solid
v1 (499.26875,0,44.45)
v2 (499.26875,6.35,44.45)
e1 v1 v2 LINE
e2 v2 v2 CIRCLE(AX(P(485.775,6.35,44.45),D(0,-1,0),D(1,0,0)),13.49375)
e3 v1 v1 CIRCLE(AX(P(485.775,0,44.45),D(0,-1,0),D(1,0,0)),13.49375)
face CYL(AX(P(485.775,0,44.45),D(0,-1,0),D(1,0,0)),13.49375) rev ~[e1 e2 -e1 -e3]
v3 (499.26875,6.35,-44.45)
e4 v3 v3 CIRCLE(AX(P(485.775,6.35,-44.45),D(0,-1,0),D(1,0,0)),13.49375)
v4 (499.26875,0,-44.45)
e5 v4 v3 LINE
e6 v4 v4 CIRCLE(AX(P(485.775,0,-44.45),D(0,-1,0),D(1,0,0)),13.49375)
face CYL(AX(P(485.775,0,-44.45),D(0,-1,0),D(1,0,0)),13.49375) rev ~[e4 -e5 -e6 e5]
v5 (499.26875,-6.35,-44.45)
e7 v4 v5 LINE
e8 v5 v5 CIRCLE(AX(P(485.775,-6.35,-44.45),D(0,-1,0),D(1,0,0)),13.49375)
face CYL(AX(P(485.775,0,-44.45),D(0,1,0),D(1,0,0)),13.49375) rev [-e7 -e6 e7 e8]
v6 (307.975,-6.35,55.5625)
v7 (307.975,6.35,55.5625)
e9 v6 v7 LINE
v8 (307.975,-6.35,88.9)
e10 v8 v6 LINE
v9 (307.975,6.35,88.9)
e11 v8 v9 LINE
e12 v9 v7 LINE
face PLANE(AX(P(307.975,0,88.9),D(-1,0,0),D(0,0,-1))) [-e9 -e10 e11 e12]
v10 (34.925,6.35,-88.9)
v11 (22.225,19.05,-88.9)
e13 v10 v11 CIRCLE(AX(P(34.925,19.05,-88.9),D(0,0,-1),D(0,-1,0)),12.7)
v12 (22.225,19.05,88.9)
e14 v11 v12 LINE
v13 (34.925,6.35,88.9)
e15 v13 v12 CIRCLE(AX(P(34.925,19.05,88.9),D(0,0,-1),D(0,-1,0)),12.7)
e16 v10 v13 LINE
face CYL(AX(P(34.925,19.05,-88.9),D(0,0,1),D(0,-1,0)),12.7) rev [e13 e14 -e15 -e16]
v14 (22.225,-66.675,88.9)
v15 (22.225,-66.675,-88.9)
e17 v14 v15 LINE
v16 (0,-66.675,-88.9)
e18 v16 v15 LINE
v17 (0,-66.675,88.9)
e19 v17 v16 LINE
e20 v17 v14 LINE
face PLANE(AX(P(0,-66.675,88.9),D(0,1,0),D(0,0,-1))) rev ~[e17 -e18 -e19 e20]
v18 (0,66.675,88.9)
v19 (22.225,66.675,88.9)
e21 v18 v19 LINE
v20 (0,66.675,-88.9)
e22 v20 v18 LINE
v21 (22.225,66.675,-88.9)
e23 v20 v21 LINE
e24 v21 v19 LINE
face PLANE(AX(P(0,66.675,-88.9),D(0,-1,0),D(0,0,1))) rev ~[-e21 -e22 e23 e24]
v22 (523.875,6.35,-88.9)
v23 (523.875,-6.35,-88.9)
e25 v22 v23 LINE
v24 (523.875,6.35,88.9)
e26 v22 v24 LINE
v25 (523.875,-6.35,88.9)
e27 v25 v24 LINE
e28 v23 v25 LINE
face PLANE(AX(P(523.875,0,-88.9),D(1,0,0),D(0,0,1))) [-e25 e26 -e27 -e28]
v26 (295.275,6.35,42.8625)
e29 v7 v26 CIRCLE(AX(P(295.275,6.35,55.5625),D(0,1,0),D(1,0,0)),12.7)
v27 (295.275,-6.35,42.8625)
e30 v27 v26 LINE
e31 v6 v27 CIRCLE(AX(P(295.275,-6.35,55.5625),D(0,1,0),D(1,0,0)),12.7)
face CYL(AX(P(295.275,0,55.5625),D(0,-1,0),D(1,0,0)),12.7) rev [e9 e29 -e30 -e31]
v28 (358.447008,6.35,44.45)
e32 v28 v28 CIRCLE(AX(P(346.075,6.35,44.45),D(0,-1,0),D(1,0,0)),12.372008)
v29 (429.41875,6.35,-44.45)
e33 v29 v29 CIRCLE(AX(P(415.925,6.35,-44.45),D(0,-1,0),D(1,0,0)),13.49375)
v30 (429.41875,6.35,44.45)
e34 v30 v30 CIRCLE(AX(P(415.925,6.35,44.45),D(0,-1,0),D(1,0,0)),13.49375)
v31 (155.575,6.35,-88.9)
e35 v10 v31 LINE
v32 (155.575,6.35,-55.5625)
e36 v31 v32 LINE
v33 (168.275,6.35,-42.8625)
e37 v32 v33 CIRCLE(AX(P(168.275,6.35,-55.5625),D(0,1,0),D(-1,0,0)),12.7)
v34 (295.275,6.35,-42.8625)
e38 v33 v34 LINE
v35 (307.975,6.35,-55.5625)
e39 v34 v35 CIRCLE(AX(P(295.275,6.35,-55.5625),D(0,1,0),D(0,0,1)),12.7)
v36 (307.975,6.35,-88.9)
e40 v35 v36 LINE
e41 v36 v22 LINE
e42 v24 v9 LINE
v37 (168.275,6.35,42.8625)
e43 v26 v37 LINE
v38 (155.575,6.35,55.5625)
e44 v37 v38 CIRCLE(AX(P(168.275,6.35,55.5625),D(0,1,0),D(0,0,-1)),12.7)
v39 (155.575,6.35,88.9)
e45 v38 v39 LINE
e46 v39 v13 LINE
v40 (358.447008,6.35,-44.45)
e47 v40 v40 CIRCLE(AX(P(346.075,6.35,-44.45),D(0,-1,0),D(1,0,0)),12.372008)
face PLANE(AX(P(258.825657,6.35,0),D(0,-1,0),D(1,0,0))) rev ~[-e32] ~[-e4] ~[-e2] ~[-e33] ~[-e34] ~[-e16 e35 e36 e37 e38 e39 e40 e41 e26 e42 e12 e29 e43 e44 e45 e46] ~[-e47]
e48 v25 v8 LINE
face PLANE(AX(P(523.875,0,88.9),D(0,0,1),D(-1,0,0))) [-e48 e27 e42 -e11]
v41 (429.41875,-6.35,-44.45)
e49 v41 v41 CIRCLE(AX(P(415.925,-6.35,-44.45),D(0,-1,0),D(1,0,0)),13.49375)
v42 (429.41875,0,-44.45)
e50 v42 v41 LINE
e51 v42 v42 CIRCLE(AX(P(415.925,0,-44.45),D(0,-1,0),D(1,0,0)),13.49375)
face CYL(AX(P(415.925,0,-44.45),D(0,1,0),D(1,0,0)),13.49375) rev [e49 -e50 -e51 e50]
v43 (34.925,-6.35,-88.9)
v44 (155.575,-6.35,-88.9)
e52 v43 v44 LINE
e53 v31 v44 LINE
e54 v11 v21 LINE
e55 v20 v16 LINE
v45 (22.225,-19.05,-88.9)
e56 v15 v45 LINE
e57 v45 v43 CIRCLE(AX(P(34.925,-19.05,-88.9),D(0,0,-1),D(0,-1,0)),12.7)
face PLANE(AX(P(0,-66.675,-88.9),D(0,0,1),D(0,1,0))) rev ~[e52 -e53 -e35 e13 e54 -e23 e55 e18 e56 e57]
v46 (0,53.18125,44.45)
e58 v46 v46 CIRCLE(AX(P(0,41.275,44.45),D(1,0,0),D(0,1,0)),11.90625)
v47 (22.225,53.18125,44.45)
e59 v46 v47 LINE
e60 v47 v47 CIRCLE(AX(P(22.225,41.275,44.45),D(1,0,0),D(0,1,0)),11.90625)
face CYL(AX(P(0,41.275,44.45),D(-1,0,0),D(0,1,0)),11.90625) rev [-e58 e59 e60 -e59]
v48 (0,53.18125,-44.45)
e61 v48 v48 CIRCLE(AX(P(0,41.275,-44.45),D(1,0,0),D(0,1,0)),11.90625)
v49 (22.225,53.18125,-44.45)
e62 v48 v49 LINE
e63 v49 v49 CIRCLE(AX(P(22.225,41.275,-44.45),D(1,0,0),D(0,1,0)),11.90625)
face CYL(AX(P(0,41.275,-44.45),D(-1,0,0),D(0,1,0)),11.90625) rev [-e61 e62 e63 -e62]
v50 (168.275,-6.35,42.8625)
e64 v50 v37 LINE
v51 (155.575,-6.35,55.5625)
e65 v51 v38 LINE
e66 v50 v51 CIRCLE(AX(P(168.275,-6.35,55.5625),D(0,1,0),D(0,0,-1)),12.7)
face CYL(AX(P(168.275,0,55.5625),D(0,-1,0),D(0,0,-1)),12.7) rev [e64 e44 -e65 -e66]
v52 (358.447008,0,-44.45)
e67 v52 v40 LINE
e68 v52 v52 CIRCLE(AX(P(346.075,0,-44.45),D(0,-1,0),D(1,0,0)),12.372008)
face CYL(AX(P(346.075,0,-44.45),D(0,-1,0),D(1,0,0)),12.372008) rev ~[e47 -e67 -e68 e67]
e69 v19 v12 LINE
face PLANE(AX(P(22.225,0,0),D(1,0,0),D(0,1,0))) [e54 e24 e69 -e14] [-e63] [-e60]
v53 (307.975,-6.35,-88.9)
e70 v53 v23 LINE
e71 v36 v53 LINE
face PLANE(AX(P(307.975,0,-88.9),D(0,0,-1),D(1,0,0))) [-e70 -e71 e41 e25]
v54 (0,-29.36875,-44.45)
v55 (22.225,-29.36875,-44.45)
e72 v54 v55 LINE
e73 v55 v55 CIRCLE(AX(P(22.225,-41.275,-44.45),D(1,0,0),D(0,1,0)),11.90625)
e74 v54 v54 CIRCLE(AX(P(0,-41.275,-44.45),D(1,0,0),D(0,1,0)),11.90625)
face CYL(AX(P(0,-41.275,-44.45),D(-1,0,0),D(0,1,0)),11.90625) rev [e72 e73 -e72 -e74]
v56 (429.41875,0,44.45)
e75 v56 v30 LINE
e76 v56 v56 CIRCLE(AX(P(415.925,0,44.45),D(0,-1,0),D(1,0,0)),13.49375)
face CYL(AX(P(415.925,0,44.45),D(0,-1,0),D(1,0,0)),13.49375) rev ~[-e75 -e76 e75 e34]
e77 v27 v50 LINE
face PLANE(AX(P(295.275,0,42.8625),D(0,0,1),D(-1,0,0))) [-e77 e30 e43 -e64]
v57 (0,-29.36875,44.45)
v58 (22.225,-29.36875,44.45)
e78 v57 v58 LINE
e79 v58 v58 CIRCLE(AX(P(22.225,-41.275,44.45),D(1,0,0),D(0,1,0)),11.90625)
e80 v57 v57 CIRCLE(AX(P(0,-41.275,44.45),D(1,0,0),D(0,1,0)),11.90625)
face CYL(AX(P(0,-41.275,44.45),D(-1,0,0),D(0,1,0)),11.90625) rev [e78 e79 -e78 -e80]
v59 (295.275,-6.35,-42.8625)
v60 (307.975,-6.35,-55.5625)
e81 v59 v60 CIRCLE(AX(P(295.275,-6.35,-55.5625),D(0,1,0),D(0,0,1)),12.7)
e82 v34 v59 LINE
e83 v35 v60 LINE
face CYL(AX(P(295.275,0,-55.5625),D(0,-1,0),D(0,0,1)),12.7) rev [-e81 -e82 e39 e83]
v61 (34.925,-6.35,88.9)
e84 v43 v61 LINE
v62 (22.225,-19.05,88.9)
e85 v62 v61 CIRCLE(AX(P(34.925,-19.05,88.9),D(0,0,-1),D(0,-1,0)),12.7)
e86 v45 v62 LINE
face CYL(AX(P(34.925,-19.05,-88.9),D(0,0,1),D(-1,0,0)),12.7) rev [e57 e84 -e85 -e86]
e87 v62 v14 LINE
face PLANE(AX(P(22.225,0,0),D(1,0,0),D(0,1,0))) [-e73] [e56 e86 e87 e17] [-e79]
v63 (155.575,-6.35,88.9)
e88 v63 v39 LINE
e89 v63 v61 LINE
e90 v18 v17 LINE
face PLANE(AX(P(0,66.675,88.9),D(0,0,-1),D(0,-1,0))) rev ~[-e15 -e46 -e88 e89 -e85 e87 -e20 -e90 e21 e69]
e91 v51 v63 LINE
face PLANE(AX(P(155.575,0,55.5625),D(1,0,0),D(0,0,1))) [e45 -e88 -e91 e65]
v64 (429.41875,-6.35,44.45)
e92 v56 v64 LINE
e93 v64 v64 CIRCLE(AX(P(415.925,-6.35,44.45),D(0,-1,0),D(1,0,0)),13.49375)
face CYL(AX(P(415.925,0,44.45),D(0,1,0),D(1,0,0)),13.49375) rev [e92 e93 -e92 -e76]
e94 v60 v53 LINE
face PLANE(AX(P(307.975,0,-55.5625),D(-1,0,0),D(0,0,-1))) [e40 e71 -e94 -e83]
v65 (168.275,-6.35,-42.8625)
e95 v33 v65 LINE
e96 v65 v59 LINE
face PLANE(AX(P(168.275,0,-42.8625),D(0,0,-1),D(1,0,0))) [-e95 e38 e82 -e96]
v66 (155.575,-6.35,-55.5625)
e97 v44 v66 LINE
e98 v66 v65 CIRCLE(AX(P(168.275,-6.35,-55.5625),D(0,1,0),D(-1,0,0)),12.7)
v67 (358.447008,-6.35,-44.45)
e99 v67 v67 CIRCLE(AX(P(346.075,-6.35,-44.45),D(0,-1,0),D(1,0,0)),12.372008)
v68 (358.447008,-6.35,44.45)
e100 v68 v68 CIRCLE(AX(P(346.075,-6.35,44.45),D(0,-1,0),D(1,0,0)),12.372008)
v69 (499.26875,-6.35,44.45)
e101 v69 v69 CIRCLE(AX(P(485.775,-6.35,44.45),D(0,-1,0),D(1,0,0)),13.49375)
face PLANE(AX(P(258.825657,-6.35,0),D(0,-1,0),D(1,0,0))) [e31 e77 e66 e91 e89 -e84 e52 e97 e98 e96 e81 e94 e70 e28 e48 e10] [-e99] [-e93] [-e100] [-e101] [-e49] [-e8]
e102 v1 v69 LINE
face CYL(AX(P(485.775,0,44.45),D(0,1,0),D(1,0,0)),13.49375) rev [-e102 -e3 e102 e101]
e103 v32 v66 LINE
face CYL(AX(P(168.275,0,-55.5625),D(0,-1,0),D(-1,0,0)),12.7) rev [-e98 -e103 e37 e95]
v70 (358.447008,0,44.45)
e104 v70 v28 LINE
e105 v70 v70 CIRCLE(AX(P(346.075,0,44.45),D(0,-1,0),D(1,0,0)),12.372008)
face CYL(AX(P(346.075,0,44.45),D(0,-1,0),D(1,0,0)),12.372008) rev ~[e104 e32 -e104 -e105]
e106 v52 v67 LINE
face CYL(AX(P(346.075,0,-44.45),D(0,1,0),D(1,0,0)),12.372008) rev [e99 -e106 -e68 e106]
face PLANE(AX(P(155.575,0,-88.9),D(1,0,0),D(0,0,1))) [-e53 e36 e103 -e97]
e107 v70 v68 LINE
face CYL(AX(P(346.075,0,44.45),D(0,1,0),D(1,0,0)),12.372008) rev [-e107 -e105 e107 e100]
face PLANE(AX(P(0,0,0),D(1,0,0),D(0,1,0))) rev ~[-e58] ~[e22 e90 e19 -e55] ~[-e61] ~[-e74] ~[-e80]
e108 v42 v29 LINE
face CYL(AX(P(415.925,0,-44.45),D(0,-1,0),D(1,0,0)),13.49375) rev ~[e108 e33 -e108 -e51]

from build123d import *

# Parameters (mm, degrees)
F0_R     = 12.372008059
F0_R_2   = 13.49375
F1_DEPTH = 6.35
F2_DEPTH = 6.35
F3_R     = 11.90625
F4_DEPTH = 22.225
F5_R     = 12.7


with BuildPart() as f1:
    # F0 (on Front) → F1 (new body)
    with BuildSketch(Plane.XZ):
        with BuildLine():
            Line((0, 88.9), (0, 0))
            Line((0, 0), (0, -88.9))
            Line((0, -88.9), (155.575, -88.9))
            Line((155.575, -88.9), (155.575, -55.5625))
            ThreePointArc((155.575, -55.5625), (159.2947438789, -46.5822438789), (168.275, -42.8625))
            Line((168.275, -42.8625), (295.275, -42.8625))
            ThreePointArc((295.275, -42.8625), (304.2552561211, -46.5822438789), (307.975, -55.5625))
            Line((307.975, -55.5625), (307.975, -88.9))
            Line((307.975, -88.9), (523.875, -88.9))
            Line((523.875, -88.9), (523.875, 0))
            Line((523.875, 0), (523.875, 88.9))
            Line((523.875, 88.9), (307.975, 88.9))
            Line((307.975, 88.9), (307.975, 55.5625))
            ThreePointArc((307.975, 55.5625), (304.2552561211, 46.5822438789), (295.275, 42.8625))
            Line((295.275, 42.8625), (168.275, 42.8625))
            ThreePointArc((168.275, 42.8625), (159.2947438789, 46.5822438789), (155.575, 55.5625))
            Line((155.575, 55.5625), (155.575, 88.9))
            Line((155.575, 88.9), (0, 88.9))
        make_face()
        with Locations((346.075, -44.45)):
            Circle(F0_R, mode=Mode.SUBTRACT)
        with Locations((415.925, -44.45)):
            Circle(F0_R_2, mode=Mode.SUBTRACT)
        with Locations((485.775, -44.45)):
            Circle(F0_R_2, mode=Mode.SUBTRACT)
        with Locations((346.075, 44.45)):
            Circle(F0_R, mode=Mode.SUBTRACT)
        with Locations((415.925, 44.45)):
            Circle(F0_R_2, mode=Mode.SUBTRACT)
        with Locations((485.775, 44.45)):
            Circle(F0_R_2, mode=Mode.SUBTRACT)
    extrude(amount=F1_DEPTH)

    # F2 (add): a face of the model
    f2_faces = [f1.faces().sort_by_distance(p)[0] for p in [
        (260.6993813627, 0, 0),
    ]]
    extrude(f2_faces, amount=F2_DEPTH)

    # F3 (on Right) → F4 (join)
    with BuildSketch(Plane.YZ):
        Polygon((66.675, 88.9), (0, 88.9), (-66.675, 88.9), (-66.675, 0), (-66.675, -88.9), (0, -88.9), (66.675, -88.9), (66.675, 0), align=None)
        with Locations((-41.275, -44.45)):
            Circle(F3_R, mode=Mode.SUBTRACT)
        with Locations((41.275, -44.45)):
            Circle(F3_R, mode=Mode.SUBTRACT)
        with Locations((-41.275, 44.45)):
            Circle(F3_R, mode=Mode.SUBTRACT)
        with Locations((41.275, 44.45)):
            Circle(F3_R, mode=Mode.SUBTRACT)
    extrude(amount=F4_DEPTH)

    # F5
    f5_edges = [f1.edges().sort_by_distance(p)[0] for p in [
        (22.225, 6.35, 0),
        (22.225, -6.35, 0),
    ]]
    fillet(f5_edges, radius=F5_R)


solid = f1.part
